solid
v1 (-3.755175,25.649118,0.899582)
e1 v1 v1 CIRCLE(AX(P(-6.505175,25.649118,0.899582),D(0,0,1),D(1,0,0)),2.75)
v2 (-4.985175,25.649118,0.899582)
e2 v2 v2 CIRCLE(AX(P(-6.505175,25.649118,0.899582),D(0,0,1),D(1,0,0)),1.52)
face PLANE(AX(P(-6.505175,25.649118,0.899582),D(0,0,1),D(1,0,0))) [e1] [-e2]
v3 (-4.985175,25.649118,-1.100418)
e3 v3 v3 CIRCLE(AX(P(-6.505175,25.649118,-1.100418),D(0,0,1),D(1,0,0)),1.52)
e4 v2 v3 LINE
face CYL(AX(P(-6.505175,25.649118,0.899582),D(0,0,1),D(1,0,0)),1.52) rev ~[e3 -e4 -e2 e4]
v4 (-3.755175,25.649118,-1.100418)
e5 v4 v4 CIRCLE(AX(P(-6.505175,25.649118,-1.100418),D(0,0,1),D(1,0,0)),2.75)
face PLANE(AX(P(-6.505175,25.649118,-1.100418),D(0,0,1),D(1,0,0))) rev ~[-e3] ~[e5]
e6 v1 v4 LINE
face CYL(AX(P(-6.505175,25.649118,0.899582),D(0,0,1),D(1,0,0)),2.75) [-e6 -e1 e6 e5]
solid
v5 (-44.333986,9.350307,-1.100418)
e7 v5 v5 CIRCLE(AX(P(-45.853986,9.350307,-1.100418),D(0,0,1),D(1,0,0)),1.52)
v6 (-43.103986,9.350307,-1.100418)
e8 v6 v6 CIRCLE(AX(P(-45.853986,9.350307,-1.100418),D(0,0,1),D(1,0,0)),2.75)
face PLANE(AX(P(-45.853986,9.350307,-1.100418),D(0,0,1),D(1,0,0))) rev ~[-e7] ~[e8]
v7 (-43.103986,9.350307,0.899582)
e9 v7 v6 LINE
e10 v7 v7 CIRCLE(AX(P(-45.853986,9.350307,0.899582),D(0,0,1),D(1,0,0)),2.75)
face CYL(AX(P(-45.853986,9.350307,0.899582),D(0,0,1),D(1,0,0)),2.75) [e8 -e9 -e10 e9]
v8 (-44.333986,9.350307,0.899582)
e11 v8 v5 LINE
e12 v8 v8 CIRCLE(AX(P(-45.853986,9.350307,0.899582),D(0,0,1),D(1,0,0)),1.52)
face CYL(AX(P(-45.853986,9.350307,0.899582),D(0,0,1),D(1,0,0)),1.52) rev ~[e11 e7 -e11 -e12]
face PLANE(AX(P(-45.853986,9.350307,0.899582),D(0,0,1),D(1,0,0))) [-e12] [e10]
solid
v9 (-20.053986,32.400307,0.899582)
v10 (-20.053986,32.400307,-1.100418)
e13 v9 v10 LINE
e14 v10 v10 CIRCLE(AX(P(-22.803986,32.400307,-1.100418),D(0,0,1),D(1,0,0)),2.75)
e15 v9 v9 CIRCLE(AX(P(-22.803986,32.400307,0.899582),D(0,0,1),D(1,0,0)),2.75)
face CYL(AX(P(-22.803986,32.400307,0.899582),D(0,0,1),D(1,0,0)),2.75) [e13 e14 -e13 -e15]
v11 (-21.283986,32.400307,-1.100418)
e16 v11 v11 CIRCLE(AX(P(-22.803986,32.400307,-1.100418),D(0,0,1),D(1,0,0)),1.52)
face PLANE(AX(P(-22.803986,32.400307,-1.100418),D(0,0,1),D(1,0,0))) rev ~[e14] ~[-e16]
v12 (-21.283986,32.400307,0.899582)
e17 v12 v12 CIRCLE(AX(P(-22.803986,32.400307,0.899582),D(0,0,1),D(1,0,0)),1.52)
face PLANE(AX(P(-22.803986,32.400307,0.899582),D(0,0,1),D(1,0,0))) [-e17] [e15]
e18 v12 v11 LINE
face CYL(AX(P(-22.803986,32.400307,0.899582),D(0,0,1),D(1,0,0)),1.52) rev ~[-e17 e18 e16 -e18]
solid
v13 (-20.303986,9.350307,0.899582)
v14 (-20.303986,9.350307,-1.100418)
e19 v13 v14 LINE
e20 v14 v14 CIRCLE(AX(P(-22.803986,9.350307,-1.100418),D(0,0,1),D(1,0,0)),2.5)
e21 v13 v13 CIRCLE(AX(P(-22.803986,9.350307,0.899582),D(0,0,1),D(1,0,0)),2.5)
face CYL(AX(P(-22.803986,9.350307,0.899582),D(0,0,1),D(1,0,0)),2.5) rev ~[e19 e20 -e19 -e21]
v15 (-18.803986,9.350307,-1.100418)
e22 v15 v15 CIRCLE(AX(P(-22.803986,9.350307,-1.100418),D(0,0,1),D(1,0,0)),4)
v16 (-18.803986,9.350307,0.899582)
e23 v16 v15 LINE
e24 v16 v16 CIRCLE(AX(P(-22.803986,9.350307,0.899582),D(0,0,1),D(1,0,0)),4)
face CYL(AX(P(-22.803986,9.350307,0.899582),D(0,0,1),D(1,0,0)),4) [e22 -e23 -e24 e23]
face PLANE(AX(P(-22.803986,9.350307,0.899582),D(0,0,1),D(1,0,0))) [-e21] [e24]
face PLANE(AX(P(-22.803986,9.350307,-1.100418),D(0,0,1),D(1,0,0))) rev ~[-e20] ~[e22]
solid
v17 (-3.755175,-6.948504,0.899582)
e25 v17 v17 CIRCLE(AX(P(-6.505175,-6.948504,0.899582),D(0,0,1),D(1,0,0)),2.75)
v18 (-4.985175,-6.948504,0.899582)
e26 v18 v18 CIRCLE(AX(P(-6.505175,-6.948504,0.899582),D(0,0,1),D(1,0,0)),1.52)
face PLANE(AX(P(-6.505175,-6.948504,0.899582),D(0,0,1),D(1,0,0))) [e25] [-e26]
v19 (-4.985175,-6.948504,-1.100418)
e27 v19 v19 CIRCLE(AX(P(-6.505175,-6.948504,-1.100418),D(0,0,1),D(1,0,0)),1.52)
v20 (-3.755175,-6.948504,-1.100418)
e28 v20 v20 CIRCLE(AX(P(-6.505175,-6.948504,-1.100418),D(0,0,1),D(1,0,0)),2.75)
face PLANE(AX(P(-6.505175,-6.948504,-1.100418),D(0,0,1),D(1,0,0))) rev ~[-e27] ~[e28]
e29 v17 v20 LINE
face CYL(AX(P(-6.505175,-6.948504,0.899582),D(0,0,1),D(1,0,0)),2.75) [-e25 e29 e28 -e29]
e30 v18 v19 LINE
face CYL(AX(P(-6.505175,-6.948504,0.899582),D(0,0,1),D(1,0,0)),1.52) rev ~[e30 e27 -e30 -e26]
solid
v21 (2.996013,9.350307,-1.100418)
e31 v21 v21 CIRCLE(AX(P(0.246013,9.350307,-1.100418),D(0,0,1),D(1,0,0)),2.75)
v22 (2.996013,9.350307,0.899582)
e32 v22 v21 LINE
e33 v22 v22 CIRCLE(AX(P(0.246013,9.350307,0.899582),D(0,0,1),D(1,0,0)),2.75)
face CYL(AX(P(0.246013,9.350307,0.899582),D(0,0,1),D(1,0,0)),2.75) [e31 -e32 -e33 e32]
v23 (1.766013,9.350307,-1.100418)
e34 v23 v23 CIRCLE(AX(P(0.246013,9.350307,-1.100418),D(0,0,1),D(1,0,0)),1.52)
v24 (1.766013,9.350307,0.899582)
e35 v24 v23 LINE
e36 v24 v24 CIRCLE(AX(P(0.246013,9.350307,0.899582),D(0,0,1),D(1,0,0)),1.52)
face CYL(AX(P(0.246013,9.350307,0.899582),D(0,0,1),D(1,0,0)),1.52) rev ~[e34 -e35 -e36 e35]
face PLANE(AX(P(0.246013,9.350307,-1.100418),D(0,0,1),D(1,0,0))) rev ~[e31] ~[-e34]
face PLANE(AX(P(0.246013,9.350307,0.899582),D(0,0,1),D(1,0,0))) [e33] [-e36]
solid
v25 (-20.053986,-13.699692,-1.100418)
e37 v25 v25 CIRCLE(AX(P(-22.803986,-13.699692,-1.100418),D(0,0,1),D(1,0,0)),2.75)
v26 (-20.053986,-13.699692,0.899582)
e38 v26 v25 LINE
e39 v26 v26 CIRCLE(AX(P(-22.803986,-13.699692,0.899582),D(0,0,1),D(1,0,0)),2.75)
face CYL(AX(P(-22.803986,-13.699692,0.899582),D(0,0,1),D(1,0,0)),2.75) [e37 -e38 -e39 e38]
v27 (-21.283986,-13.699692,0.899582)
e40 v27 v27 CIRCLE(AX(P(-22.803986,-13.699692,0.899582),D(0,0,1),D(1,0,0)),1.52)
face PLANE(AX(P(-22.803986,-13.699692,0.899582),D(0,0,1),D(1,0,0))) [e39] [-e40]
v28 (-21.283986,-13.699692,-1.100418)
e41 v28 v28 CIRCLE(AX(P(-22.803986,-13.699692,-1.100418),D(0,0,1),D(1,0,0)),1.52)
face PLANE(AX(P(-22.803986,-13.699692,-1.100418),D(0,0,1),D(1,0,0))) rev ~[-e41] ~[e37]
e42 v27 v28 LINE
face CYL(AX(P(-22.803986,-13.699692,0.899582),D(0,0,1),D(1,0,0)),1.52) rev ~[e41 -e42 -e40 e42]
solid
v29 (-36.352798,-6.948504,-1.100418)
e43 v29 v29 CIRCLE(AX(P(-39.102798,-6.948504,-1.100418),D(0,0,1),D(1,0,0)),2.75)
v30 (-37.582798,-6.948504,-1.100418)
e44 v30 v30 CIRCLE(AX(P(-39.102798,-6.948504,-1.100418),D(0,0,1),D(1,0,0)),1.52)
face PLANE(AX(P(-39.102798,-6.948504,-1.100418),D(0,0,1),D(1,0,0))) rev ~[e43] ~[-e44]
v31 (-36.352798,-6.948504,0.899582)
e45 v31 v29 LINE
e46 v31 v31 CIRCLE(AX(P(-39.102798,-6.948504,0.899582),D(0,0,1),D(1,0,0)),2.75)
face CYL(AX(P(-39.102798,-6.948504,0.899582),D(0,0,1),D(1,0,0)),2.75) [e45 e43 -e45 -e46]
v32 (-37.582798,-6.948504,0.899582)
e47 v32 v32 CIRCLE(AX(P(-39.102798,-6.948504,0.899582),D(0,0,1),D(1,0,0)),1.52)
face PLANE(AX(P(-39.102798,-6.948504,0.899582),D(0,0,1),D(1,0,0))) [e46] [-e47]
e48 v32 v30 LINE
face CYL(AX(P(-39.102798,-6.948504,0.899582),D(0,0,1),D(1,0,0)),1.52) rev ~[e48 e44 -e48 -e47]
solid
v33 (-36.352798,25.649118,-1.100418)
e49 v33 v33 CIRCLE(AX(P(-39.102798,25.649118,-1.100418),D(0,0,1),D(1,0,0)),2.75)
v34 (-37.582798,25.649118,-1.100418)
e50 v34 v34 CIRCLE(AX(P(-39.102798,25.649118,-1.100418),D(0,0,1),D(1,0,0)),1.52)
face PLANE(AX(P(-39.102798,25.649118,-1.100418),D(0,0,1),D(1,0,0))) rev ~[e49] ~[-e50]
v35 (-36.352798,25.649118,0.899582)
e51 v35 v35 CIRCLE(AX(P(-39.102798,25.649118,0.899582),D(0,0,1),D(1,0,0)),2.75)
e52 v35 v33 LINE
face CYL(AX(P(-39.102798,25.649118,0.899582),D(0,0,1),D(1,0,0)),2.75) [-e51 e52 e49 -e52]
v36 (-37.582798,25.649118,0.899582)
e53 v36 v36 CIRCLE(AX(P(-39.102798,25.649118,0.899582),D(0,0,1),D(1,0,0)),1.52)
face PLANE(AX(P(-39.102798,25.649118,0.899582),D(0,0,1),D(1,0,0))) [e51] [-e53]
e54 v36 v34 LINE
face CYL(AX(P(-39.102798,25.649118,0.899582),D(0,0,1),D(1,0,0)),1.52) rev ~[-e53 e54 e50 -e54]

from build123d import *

# Parameters (mm, degrees)
EXTRUDE_START     = 0.899582
SKETCH_1_R        = 2.75
SKETCH_1_R_2      = 1.52
EXTRUDE_1_DEPTH   = 2
EXTRUDE_1_2_DEPTH = 2
EXTRUDE_1_3_DEPTH = 2
EXTRUDE_1_4_DEPTH = 2
EXTRUDE_1_5_DEPTH = 2
EXTRUDE_1_6_DEPTH = 2
EXTRUDE_1_7_DEPTH = 2
EXTRUDE_1_8_DEPTH = 2
SKETCH_1_R_3      = 4
SKETCH_1_R_4      = 2.5
EXTRUDE_1_9_DEPTH = 2


with BuildPart() as part:
    # 草图1 → 凸台-拉伸1 (new body)
    with BuildSketch(Plane.XY.offset(EXTRUDE_START)):
        with Locations((-22.803986485, 32.400306763)):
            Circle(SKETCH_1_R)
        with Locations((-22.803986485, 32.400306763)):
            Circle(SKETCH_1_R_2, mode=Mode.SUBTRACT)
    extrude(amount=-EXTRUDE_1_DEPTH)


with BuildPart() as body_2:
    # 草图1 → Extrude 1 2 (new body)
    with BuildSketch(Plane.XY.offset(EXTRUDE_START)):
        with Locations((-6.505175448, 25.649118181)):
            Circle(SKETCH_1_R)
        with Locations((-6.505175448, 25.649118181)):
            Circle(SKETCH_1_R_2, mode=Mode.SUBTRACT)
    extrude(amount=-EXTRUDE_1_2_DEPTH)


with BuildPart() as body_3:
    # 草图1 → Extrude 1 3 (new body)
    with BuildSketch(Plane.XY.offset(EXTRUDE_START)):
        with Locations((0.246013135, 9.350307143)):
            Circle(SKETCH_1_R)
        with Locations((0.246013135, 9.350307143)):
            Circle(SKETCH_1_R_2, mode=Mode.SUBTRACT)
    extrude(amount=-EXTRUDE_1_3_DEPTH)


with BuildPart() as body_4:
    # 草图1 → Extrude 1 4 (new body)
    with BuildSketch(Plane.XY.offset(EXTRUDE_START)):
        with Locations((-6.505175448, -6.948503895)):
            Circle(SKETCH_1_R)
        with Locations((-6.505175448, -6.948503895)):
            Circle(SKETCH_1_R_2, mode=Mode.SUBTRACT)
    extrude(amount=-EXTRUDE_1_4_DEPTH)


with BuildPart() as body_5:
    # 草图1 → Extrude 1 5 (new body)
    with BuildSketch(Plane.XY.offset(EXTRUDE_START)):
        with Locations((-22.803986485, -13.699692477)):
            Circle(SKETCH_1_R)
        with Locations((-22.803986485, -13.699692477)):
            Circle(SKETCH_1_R_2, mode=Mode.SUBTRACT)
    extrude(amount=-EXTRUDE_1_5_DEPTH)


with BuildPart() as body_6:
    # 草图1 → Extrude 1 6 (new body)
    with BuildSketch(Plane.XY.offset(EXTRUDE_START)):
        with Locations((-39.102797523, -6.948503895)):
            Circle(SKETCH_1_R)
        with Locations((-39.102797523, -6.948503895)):
            Circle(SKETCH_1_R_2, mode=Mode.SUBTRACT)
    extrude(amount=-EXTRUDE_1_6_DEPTH)


with BuildPart() as body_7:
    # 草图1 → Extrude 1 7 (new body)
    with BuildSketch(Plane.XY.offset(EXTRUDE_START)):
        with Locations((-45.853986105, 9.350307143)):
            Circle(SKETCH_1_R)
        with Locations((-45.853986105, 9.350307143)):
            Circle(SKETCH_1_R_2, mode=Mode.SUBTRACT)
    extrude(amount=-EXTRUDE_1_7_DEPTH)


with BuildPart() as body_8:
    # 草图1 → Extrude 1 8 (new body)
    with BuildSketch(Plane.XY.offset(EXTRUDE_START)):
        with Locations((-39.102797523, 25.649118181)):
            Circle(SKETCH_1_R)
        with Locations((-39.102797523, 25.649118181)):
            Circle(SKETCH_1_R_2, mode=Mode.SUBTRACT)
    extrude(amount=-EXTRUDE_1_8_DEPTH)


with BuildPart() as body_9:
    # 草图1 → Extrude 1 9 (new body)
    with BuildSketch(Plane.XY.offset(EXTRUDE_START)):
        with Locations((-22.803986485, 9.350307143)):
            Circle(SKETCH_1_R_3)
        with Locations((-22.803986485, 9.350307143)):
            Circle(SKETCH_1_R_4, mode=Mode.SUBTRACT)
    extrude(amount=-EXTRUDE_1_9_DEPTH)


solid = Compound([part.part, body_2.part, body_3.part, body_4.part, body_5.part, body_6.part, body_7.part, body_8.part, body_9.part])
